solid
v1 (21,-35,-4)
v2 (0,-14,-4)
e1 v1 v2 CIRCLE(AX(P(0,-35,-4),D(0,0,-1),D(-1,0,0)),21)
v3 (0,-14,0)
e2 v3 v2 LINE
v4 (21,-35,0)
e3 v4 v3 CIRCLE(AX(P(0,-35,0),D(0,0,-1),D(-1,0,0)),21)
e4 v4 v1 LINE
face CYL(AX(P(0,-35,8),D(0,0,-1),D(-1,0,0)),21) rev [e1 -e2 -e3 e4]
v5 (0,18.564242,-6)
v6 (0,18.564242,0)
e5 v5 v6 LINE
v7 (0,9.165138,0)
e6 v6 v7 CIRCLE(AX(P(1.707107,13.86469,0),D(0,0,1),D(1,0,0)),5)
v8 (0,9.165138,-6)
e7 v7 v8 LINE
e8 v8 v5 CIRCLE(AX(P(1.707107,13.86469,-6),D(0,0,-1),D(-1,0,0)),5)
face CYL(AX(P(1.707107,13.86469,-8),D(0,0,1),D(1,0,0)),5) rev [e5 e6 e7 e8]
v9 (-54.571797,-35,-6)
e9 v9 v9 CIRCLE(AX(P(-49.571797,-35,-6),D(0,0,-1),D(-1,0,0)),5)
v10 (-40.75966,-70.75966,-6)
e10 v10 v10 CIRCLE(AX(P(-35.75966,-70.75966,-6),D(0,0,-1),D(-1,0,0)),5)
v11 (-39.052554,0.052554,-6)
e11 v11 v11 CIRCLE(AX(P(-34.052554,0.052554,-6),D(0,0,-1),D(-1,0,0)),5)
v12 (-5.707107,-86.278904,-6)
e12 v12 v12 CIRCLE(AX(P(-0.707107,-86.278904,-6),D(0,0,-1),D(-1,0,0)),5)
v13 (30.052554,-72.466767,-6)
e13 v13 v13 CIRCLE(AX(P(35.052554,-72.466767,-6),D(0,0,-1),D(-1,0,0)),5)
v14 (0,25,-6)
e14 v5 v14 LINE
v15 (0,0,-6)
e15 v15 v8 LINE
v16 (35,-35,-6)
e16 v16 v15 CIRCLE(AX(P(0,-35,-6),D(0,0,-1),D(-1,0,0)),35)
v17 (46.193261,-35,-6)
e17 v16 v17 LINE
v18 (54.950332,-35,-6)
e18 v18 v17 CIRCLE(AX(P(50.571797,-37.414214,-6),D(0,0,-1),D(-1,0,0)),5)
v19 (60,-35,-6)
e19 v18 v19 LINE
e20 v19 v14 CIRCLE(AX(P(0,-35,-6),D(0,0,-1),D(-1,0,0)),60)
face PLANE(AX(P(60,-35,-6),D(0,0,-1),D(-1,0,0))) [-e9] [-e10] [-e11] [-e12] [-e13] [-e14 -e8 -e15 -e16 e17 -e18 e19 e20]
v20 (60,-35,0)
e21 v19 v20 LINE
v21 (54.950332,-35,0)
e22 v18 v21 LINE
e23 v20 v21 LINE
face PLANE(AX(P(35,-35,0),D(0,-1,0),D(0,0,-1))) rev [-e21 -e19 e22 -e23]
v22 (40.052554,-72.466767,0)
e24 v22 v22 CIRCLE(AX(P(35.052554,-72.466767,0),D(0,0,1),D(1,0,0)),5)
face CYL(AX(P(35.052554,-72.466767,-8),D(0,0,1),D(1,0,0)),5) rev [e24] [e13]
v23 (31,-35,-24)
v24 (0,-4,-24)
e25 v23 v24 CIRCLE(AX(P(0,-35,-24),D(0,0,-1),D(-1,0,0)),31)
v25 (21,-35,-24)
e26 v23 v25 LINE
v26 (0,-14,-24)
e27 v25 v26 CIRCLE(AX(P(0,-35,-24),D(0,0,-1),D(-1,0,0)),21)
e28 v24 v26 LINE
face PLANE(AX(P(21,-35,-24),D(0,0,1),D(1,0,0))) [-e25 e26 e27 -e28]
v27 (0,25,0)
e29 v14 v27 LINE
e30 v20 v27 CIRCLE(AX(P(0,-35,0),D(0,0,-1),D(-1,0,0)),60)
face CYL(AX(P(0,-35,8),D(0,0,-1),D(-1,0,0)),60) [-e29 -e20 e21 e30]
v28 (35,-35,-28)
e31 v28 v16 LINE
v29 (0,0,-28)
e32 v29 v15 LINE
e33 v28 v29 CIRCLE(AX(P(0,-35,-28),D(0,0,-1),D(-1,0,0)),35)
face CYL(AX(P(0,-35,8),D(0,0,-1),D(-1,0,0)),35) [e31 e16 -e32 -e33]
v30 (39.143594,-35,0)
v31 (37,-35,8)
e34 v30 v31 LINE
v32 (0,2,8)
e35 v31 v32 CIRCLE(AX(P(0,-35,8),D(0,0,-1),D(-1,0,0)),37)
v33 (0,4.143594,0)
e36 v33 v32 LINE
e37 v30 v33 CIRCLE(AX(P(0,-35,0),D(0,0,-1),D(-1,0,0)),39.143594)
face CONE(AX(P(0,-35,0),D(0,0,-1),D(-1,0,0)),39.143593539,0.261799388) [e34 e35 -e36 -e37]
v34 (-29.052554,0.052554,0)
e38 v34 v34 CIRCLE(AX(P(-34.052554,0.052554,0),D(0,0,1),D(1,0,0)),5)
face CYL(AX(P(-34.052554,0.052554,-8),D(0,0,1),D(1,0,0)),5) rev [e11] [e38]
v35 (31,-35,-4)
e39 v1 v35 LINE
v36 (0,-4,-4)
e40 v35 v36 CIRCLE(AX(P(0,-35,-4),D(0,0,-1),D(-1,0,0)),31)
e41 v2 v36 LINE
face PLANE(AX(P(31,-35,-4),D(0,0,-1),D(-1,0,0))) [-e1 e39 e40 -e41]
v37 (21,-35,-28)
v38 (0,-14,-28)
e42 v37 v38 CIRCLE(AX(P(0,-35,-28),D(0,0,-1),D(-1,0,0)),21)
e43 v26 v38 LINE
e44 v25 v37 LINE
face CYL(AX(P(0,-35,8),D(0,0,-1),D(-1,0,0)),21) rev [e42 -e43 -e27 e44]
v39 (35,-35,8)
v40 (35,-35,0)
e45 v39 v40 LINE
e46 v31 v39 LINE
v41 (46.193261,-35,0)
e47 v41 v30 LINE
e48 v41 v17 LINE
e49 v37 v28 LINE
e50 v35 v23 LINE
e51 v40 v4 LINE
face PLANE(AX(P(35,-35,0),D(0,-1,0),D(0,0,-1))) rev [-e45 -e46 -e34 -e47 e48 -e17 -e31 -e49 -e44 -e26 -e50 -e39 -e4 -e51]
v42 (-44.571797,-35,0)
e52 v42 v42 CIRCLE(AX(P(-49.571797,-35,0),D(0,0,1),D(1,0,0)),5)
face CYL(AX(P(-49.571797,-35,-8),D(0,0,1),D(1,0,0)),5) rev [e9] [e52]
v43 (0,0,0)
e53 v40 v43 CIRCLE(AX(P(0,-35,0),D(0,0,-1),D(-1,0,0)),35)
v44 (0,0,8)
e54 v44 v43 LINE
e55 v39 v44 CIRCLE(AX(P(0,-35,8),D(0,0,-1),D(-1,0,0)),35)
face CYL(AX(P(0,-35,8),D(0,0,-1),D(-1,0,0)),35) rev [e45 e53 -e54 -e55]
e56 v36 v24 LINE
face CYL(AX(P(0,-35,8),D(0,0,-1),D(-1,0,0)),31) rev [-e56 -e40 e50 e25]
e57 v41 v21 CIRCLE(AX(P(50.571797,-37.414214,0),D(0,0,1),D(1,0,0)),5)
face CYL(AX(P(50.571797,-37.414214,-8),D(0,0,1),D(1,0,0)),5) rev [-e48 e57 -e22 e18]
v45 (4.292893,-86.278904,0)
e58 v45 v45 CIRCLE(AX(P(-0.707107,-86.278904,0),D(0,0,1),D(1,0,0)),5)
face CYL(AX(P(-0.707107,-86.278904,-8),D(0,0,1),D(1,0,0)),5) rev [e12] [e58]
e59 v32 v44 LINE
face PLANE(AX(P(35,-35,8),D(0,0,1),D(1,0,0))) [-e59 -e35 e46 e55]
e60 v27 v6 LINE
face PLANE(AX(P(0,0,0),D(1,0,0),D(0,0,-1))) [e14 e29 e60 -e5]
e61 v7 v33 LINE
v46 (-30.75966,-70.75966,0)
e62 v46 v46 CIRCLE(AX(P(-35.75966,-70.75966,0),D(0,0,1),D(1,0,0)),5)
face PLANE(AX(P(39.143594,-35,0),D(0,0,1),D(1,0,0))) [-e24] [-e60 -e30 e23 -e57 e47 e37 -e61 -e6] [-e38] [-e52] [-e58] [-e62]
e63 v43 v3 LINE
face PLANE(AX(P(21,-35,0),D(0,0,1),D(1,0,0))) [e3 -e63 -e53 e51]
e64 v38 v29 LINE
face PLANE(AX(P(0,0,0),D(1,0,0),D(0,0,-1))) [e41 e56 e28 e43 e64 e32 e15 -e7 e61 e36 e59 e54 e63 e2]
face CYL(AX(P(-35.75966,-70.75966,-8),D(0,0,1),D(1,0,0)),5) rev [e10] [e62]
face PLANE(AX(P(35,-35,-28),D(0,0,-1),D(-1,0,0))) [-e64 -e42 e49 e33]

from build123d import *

# Parameters (mm, degrees)
REVOLVE1_ANGLE     = 270
SKETCH3_R          = 5
CUT_EXTRUDE1_DEPTH = 8


with BuildPart() as part:
    # Sketch2 → Revolve1 (revolve)
    with BuildSketch(Plane(origin=(0, 0, 0), x_dir=(0, 0, -1), z_dir=(1, 0, 0))):
        Polygon((0, 0), (-8, 0), (-8, 2), (0, 4.143593539), (0, 25), (6, 25), (6, 0), (28, 0), (28, -14), (24, -14), (24, -4), (4, -4), (4, -14), (0, -14), align=None)
    revolve(axis=Axis((0, -35, 8), (0, 0, 1)), revolution_arc=REVOLVE1_ANGLE)

    # Sketch3 → Cut-Extrude1 (cut)
    with BuildSketch(Plane.XY):
        with Locations((-49.57179677, -35)):
            Circle(SKETCH3_R)
        with Locations((-35.759660433, -70.759660433)):
            Circle(SKETCH3_R)
        with Locations((-0.707106781, -86.278903551)):
            Circle(SKETCH3_R)
        with Locations((35.052553651, -72.466767214)):
            Circle(SKETCH3_R)
        with Locations((50.57179677, -37.414213562)):
            Circle(SKETCH3_R)
        with Locations((36.759660433, -1.65455313)):
            Circle(SKETCH3_R)
        with Locations((1.707106781, 13.864689989)):
            Circle(SKETCH3_R)
        with Locations((-34.052553651, 0.052553651)):
            Circle(SKETCH3_R)
    extrude(amount=-CUT_EXTRUDE1_DEPTH, mode=Mode.SUBTRACT)


solid = part.part
